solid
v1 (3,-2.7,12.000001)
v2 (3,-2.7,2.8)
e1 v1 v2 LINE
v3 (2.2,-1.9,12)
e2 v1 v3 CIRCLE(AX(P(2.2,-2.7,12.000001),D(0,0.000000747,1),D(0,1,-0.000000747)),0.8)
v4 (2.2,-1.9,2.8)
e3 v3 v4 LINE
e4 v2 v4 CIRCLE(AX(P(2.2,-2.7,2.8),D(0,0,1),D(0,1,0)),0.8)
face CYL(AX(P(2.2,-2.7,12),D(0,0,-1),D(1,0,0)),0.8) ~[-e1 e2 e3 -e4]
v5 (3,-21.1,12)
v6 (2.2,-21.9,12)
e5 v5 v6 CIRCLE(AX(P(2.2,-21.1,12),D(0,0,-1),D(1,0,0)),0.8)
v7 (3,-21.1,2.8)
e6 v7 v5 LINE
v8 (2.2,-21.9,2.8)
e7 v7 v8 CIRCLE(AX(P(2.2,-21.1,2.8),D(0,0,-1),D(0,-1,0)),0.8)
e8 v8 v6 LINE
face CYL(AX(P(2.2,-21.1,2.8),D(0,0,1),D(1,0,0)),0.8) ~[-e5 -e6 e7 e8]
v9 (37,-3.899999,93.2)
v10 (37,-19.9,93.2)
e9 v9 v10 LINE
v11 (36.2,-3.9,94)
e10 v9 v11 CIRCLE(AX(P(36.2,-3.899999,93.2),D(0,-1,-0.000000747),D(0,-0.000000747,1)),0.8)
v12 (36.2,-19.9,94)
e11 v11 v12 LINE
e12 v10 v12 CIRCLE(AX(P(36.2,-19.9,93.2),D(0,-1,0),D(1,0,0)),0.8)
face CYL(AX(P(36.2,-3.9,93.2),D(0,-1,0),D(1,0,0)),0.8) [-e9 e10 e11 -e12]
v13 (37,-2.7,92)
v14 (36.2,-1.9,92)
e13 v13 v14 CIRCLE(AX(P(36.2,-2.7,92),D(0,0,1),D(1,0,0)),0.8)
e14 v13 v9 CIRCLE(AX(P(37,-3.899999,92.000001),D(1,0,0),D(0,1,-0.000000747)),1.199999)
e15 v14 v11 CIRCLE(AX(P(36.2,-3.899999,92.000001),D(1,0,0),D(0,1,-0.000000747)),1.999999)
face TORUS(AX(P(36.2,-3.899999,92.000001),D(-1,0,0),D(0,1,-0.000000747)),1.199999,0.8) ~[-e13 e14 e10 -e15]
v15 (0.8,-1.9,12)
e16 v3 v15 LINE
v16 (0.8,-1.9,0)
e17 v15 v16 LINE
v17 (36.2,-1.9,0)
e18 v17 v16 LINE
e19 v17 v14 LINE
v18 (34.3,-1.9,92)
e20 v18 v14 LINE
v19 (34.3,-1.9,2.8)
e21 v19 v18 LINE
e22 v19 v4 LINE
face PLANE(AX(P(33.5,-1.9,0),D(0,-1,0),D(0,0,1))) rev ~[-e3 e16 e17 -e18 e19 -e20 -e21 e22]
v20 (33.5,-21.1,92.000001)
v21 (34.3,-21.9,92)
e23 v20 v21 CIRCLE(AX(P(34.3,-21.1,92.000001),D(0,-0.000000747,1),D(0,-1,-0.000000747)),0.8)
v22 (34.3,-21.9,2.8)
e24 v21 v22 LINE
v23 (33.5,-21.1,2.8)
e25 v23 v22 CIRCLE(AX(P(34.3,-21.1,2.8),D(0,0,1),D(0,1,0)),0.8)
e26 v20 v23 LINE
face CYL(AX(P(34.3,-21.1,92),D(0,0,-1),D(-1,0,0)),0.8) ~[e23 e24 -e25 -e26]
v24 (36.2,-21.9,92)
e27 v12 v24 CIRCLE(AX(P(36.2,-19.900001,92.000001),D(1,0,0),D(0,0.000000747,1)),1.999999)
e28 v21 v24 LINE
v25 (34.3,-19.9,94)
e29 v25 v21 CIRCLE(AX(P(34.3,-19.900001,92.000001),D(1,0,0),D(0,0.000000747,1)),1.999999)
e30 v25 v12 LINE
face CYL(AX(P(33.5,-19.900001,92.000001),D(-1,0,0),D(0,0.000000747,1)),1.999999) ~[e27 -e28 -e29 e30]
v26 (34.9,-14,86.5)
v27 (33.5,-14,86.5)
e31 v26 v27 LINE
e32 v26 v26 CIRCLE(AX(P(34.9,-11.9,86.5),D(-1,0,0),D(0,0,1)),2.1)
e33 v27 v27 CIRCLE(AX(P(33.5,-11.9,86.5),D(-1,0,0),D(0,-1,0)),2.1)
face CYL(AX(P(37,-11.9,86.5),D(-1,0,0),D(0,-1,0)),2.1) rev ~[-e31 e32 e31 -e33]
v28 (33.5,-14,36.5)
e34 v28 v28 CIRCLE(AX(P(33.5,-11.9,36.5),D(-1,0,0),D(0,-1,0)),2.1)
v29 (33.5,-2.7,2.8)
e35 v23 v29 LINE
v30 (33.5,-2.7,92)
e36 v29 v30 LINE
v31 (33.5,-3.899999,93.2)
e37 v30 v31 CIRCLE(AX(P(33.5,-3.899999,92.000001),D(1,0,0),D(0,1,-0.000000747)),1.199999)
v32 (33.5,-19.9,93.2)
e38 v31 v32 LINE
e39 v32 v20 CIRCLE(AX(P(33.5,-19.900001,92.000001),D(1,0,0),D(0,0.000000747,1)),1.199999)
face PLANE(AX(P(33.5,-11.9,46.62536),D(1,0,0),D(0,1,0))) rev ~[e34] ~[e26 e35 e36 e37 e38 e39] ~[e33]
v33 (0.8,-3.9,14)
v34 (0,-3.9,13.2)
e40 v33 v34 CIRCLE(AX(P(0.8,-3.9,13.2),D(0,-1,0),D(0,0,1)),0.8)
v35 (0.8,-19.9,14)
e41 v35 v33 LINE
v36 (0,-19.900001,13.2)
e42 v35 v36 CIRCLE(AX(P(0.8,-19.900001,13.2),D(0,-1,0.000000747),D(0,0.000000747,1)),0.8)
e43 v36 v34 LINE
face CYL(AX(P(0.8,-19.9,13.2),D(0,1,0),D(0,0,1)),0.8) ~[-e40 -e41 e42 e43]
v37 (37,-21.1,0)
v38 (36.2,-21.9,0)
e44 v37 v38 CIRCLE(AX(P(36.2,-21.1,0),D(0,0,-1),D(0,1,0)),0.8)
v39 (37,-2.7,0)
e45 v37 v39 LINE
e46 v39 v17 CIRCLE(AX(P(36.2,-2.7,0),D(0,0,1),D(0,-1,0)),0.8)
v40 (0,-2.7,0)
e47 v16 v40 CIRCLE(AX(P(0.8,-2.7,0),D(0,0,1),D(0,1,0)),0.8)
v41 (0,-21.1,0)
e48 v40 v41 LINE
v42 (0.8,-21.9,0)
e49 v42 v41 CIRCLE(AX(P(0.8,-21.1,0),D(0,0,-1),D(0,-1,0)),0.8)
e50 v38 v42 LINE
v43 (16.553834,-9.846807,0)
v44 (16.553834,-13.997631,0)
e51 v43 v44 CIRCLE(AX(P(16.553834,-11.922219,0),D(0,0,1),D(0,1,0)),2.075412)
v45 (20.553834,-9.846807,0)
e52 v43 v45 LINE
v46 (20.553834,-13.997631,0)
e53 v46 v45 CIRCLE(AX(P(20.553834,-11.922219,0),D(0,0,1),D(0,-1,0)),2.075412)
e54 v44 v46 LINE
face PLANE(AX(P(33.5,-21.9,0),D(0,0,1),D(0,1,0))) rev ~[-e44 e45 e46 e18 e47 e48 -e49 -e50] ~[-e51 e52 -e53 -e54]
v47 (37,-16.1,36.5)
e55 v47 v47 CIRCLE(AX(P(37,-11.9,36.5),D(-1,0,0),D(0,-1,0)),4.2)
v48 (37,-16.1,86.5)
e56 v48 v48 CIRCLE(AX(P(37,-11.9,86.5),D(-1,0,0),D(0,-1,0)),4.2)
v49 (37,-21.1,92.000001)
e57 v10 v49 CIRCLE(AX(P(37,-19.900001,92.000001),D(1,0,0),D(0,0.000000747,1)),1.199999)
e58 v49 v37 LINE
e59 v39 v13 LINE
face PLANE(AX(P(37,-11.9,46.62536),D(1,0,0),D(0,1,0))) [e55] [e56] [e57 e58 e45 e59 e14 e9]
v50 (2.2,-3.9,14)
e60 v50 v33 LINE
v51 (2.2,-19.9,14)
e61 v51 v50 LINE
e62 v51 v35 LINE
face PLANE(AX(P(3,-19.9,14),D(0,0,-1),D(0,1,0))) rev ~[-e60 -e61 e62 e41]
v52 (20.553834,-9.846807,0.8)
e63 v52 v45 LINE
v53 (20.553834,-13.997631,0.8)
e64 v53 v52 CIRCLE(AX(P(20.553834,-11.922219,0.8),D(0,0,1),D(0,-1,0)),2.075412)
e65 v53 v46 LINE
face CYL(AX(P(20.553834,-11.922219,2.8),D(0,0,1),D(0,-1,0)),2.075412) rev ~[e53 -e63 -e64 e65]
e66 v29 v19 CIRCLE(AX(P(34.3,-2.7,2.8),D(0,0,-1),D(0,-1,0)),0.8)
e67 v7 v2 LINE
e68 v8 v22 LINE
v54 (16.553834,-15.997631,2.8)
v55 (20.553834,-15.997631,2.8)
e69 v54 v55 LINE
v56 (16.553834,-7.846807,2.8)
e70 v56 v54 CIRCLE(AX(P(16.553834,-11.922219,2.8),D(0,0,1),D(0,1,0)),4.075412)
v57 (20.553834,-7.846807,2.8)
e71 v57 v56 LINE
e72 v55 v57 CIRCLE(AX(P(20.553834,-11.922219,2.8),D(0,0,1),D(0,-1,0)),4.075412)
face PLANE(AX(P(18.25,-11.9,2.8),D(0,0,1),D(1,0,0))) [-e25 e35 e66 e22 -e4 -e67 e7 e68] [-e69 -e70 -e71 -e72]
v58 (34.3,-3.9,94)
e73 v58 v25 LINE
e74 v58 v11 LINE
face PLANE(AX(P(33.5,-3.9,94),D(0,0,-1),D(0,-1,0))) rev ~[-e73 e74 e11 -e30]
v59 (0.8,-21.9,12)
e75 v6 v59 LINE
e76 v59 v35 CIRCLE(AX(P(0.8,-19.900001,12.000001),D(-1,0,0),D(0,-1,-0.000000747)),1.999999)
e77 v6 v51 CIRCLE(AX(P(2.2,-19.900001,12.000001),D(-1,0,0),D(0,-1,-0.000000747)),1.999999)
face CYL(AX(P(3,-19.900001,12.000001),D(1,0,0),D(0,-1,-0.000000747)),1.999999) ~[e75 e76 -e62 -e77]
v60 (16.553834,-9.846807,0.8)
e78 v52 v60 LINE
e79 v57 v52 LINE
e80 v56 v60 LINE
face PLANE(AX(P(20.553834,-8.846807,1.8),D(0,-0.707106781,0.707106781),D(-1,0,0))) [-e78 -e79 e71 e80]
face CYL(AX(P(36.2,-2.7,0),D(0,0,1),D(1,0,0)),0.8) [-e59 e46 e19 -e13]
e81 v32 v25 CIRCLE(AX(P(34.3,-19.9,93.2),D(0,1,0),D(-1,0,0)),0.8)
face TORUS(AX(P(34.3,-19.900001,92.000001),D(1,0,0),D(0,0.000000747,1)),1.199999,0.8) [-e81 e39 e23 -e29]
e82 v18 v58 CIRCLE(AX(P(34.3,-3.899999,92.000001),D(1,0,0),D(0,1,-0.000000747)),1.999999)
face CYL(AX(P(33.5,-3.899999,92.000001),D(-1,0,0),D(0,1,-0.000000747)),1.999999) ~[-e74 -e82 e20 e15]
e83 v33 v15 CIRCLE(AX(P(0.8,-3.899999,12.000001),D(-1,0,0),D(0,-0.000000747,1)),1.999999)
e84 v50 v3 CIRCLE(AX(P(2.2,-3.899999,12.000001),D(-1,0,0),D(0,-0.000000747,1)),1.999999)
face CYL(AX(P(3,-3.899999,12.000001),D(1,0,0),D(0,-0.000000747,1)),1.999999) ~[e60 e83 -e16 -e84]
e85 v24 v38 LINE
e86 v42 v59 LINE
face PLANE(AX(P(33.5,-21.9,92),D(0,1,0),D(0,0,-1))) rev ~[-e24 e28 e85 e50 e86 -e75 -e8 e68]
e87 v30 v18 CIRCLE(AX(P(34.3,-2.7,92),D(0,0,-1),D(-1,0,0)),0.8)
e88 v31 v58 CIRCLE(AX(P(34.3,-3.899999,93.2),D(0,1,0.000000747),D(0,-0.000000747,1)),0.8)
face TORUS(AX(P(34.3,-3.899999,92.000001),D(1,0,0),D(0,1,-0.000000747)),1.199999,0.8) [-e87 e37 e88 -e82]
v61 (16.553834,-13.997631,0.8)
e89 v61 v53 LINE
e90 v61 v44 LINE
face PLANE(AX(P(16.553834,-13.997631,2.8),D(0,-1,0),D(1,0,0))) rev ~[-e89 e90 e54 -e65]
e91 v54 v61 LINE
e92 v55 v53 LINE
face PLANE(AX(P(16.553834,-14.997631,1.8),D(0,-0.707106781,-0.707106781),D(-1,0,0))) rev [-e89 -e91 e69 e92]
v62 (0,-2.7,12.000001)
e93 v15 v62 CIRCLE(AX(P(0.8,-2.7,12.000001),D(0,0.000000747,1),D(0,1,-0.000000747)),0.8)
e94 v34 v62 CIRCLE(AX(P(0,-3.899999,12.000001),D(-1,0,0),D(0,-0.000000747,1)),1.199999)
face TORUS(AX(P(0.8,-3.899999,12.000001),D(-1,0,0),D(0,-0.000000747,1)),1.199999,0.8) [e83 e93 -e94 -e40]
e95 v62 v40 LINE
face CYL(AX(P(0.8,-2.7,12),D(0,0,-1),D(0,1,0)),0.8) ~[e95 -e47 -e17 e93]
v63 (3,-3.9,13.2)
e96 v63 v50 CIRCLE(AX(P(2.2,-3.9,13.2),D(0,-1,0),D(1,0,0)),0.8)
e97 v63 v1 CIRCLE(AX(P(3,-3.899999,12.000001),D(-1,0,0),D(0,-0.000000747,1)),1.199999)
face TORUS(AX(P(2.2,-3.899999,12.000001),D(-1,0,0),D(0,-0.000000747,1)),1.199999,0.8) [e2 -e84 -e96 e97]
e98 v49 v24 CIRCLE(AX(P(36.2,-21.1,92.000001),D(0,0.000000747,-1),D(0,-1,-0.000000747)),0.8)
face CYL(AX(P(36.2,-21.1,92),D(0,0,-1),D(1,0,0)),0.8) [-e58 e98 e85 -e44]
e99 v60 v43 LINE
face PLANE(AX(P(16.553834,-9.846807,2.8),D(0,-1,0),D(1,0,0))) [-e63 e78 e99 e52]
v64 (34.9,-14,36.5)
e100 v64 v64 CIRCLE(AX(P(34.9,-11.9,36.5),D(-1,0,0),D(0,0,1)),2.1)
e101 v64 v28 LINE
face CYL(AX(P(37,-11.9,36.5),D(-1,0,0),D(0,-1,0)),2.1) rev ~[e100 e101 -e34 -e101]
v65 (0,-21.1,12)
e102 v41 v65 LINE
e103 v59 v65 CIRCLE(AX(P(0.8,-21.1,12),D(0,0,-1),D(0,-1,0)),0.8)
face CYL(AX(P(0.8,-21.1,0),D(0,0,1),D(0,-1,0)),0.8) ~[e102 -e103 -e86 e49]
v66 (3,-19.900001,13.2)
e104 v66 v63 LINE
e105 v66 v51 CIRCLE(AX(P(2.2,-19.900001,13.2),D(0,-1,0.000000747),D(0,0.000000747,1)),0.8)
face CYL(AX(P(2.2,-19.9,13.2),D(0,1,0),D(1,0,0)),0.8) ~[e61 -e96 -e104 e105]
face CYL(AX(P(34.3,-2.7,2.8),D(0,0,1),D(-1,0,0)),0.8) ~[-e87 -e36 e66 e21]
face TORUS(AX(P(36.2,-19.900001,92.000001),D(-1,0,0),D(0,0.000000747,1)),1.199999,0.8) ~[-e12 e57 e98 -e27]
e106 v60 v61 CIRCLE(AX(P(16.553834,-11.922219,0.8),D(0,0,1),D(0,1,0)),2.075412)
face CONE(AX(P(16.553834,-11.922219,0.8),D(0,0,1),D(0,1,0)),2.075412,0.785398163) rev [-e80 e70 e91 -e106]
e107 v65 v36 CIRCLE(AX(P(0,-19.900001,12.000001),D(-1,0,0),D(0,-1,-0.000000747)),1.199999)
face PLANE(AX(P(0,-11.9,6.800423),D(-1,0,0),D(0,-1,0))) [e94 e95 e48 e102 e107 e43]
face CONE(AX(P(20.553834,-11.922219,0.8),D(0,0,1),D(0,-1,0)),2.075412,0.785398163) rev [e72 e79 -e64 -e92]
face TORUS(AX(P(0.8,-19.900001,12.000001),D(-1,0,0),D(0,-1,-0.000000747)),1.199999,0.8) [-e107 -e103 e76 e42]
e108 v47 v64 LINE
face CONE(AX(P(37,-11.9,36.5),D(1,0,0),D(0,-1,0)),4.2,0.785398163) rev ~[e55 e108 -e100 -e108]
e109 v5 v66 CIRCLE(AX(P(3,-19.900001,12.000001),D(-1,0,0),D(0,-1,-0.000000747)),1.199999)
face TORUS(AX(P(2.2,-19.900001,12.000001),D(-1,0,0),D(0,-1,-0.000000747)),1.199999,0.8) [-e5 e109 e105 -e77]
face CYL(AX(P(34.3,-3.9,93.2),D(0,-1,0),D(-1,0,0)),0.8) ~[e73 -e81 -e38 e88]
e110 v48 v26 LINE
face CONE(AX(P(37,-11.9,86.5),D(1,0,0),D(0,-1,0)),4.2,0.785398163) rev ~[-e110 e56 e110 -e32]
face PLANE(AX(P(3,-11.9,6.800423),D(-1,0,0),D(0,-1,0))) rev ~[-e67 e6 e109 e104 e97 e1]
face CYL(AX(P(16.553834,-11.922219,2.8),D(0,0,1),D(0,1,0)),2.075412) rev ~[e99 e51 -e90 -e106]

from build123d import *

# Parameters (mm, degrees)
SKETCH018_W         = 30.5
SKETCH018_H         = 20
PAD010_DEPTH        = 2.8
PAD011_DEPTH        = 3
PAD012_DEPTH        = 3.5
HOLE005_D           = 4.2
HOLE005_DEPTH       = 25
HOLE005_CSINK_D     = 8.4
HOLE005_CSINK_ANGLE = 90
HOLE005_TIPS_R      = 2.1
POCKET003_DEPTH     = 2.801
CHAMFER001_SIZE     = 2
FILLET001_R         = 0.8


with BuildPart() as part:
    # Sketch018 → Pad010 (new body)
    with BuildSketch(Plane.XY):
        with Locations((18.25, 10)):
            Rectangle(SKETCH018_W, SKETCH018_H)
    extrude(amount=PAD010_DEPTH)

    # Sketch019 (on Face4 of Pad010) → Pad011 (join)
    with BuildSketch(Plane(origin=(3, 0, 0), x_dir=(0, -1, 0), z_dir=(-1, 0, 0))):
        with BuildLine():
            Line((-20, 0), (0, 0))
            Line((0, 0), (0, 12))
            ThreePointArc((0, 12), (-0.585786, 13.414214), (-2, 14))
            Line((-2, 14), (-18, 14))
            ThreePointArc((-18, 14), (-19.414214, 13.414214), (-20, 12))
            Line((-20, 12), (-20, 0))
        make_face()
    extrude(amount=PAD011_DEPTH)

    # Sketch020 (on Face1 of Pad011) → Pad012 (join)
    with BuildSketch(Plane.YZ.offset(33.5)):
        with BuildLine():
            Line((20, 0), (20, 92))
            ThreePointArc((20, 92), (19.414214, 93.414214), (18, 94))
            Line((18, 94), (2, 94))
            ThreePointArc((2, 94), (0.585786, 93.414214), (0, 92))
            Line((0, 92), (0, 0))
            Line((0, 0), (20, 0))
        make_face()
    extrude(amount=PAD012_DEPTH)

    # Hole005
    with Locations(Plane.YZ.offset(37)):
        with Locations((10, 36.5), (10, 86.5)):
            CounterSinkHole(HOLE005_D / 2, HOLE005_CSINK_D / 2, depth=HOLE005_DEPTH, counter_sink_angle=HOLE005_CSINK_ANGLE)

    # Hole005 tips → Hole005 tip 1 section 0
    with BuildSketch(Plane.YZ.offset(12), mode=Mode.PRIVATE) as hole005_tip_1_s0:
        with Locations((10, 36.5)):
            Circle(HOLE005_TIPS_R)
    loft([hole005_tip_1_s0.sketch, Vertex(10.738193, 10, 36.5)], mode=Mode.SUBTRACT)

    # Hole005 tips → Hole005 tip 2 section 0
    with BuildSketch(Plane.YZ.offset(12), mode=Mode.PRIVATE) as hole005_tip_2_s0:
        with Locations((10, 86.5)):
            Circle(HOLE005_TIPS_R)
    loft([hole005_tip_2_s0.sketch, Vertex(10.738193, 10, 86.5)], mode=Mode.SUBTRACT)

    # Sketch022 (on Face1 of Hole005) → Pocket003 (cut, through all)
    with BuildSketch(Plane.XY.offset(2.8)):
        with BuildLine():
            ThreePointArc((16.553834, 12.053193), (14.478422, 9.977781), (16.553834, 7.902369))
            Line((16.553834, 7.902369), (20.553834, 7.902369))
            ThreePointArc((20.553834, 7.902369), (22.629246, 9.977781), (20.553834, 12.053193))
            Line((16.553834, 12.053193), (20.553834, 12.053193))
        make_face()
    extrude(amount=-POCKET003_DEPTH, mode=Mode.SUBTRACT)

    # Chamfer001
    chamfer001_edges = [part.edges().sort_by_distance(p)[0] for p in [
        (18.553834, 7.902369, 2.8),
    ]]
    chamfer(chamfer001_edges, length=CHAMFER001_SIZE)

    # Fillet001
    fillet001_edges = [part.edges().sort_by_distance(p)[0] for p in [
        (0, 10, 14),
        (3, 10, 14),
        (33.5, 10, 94),
        (37, 10, 94),
    ]]
    fillet(fillet001_edges, radius=FILLET001_R)


with BuildPart() as part_1:
    # Body004 placement: moved
    add(part.part.moved(Location((0, -21.9, 0))))


solid = part_1.part
